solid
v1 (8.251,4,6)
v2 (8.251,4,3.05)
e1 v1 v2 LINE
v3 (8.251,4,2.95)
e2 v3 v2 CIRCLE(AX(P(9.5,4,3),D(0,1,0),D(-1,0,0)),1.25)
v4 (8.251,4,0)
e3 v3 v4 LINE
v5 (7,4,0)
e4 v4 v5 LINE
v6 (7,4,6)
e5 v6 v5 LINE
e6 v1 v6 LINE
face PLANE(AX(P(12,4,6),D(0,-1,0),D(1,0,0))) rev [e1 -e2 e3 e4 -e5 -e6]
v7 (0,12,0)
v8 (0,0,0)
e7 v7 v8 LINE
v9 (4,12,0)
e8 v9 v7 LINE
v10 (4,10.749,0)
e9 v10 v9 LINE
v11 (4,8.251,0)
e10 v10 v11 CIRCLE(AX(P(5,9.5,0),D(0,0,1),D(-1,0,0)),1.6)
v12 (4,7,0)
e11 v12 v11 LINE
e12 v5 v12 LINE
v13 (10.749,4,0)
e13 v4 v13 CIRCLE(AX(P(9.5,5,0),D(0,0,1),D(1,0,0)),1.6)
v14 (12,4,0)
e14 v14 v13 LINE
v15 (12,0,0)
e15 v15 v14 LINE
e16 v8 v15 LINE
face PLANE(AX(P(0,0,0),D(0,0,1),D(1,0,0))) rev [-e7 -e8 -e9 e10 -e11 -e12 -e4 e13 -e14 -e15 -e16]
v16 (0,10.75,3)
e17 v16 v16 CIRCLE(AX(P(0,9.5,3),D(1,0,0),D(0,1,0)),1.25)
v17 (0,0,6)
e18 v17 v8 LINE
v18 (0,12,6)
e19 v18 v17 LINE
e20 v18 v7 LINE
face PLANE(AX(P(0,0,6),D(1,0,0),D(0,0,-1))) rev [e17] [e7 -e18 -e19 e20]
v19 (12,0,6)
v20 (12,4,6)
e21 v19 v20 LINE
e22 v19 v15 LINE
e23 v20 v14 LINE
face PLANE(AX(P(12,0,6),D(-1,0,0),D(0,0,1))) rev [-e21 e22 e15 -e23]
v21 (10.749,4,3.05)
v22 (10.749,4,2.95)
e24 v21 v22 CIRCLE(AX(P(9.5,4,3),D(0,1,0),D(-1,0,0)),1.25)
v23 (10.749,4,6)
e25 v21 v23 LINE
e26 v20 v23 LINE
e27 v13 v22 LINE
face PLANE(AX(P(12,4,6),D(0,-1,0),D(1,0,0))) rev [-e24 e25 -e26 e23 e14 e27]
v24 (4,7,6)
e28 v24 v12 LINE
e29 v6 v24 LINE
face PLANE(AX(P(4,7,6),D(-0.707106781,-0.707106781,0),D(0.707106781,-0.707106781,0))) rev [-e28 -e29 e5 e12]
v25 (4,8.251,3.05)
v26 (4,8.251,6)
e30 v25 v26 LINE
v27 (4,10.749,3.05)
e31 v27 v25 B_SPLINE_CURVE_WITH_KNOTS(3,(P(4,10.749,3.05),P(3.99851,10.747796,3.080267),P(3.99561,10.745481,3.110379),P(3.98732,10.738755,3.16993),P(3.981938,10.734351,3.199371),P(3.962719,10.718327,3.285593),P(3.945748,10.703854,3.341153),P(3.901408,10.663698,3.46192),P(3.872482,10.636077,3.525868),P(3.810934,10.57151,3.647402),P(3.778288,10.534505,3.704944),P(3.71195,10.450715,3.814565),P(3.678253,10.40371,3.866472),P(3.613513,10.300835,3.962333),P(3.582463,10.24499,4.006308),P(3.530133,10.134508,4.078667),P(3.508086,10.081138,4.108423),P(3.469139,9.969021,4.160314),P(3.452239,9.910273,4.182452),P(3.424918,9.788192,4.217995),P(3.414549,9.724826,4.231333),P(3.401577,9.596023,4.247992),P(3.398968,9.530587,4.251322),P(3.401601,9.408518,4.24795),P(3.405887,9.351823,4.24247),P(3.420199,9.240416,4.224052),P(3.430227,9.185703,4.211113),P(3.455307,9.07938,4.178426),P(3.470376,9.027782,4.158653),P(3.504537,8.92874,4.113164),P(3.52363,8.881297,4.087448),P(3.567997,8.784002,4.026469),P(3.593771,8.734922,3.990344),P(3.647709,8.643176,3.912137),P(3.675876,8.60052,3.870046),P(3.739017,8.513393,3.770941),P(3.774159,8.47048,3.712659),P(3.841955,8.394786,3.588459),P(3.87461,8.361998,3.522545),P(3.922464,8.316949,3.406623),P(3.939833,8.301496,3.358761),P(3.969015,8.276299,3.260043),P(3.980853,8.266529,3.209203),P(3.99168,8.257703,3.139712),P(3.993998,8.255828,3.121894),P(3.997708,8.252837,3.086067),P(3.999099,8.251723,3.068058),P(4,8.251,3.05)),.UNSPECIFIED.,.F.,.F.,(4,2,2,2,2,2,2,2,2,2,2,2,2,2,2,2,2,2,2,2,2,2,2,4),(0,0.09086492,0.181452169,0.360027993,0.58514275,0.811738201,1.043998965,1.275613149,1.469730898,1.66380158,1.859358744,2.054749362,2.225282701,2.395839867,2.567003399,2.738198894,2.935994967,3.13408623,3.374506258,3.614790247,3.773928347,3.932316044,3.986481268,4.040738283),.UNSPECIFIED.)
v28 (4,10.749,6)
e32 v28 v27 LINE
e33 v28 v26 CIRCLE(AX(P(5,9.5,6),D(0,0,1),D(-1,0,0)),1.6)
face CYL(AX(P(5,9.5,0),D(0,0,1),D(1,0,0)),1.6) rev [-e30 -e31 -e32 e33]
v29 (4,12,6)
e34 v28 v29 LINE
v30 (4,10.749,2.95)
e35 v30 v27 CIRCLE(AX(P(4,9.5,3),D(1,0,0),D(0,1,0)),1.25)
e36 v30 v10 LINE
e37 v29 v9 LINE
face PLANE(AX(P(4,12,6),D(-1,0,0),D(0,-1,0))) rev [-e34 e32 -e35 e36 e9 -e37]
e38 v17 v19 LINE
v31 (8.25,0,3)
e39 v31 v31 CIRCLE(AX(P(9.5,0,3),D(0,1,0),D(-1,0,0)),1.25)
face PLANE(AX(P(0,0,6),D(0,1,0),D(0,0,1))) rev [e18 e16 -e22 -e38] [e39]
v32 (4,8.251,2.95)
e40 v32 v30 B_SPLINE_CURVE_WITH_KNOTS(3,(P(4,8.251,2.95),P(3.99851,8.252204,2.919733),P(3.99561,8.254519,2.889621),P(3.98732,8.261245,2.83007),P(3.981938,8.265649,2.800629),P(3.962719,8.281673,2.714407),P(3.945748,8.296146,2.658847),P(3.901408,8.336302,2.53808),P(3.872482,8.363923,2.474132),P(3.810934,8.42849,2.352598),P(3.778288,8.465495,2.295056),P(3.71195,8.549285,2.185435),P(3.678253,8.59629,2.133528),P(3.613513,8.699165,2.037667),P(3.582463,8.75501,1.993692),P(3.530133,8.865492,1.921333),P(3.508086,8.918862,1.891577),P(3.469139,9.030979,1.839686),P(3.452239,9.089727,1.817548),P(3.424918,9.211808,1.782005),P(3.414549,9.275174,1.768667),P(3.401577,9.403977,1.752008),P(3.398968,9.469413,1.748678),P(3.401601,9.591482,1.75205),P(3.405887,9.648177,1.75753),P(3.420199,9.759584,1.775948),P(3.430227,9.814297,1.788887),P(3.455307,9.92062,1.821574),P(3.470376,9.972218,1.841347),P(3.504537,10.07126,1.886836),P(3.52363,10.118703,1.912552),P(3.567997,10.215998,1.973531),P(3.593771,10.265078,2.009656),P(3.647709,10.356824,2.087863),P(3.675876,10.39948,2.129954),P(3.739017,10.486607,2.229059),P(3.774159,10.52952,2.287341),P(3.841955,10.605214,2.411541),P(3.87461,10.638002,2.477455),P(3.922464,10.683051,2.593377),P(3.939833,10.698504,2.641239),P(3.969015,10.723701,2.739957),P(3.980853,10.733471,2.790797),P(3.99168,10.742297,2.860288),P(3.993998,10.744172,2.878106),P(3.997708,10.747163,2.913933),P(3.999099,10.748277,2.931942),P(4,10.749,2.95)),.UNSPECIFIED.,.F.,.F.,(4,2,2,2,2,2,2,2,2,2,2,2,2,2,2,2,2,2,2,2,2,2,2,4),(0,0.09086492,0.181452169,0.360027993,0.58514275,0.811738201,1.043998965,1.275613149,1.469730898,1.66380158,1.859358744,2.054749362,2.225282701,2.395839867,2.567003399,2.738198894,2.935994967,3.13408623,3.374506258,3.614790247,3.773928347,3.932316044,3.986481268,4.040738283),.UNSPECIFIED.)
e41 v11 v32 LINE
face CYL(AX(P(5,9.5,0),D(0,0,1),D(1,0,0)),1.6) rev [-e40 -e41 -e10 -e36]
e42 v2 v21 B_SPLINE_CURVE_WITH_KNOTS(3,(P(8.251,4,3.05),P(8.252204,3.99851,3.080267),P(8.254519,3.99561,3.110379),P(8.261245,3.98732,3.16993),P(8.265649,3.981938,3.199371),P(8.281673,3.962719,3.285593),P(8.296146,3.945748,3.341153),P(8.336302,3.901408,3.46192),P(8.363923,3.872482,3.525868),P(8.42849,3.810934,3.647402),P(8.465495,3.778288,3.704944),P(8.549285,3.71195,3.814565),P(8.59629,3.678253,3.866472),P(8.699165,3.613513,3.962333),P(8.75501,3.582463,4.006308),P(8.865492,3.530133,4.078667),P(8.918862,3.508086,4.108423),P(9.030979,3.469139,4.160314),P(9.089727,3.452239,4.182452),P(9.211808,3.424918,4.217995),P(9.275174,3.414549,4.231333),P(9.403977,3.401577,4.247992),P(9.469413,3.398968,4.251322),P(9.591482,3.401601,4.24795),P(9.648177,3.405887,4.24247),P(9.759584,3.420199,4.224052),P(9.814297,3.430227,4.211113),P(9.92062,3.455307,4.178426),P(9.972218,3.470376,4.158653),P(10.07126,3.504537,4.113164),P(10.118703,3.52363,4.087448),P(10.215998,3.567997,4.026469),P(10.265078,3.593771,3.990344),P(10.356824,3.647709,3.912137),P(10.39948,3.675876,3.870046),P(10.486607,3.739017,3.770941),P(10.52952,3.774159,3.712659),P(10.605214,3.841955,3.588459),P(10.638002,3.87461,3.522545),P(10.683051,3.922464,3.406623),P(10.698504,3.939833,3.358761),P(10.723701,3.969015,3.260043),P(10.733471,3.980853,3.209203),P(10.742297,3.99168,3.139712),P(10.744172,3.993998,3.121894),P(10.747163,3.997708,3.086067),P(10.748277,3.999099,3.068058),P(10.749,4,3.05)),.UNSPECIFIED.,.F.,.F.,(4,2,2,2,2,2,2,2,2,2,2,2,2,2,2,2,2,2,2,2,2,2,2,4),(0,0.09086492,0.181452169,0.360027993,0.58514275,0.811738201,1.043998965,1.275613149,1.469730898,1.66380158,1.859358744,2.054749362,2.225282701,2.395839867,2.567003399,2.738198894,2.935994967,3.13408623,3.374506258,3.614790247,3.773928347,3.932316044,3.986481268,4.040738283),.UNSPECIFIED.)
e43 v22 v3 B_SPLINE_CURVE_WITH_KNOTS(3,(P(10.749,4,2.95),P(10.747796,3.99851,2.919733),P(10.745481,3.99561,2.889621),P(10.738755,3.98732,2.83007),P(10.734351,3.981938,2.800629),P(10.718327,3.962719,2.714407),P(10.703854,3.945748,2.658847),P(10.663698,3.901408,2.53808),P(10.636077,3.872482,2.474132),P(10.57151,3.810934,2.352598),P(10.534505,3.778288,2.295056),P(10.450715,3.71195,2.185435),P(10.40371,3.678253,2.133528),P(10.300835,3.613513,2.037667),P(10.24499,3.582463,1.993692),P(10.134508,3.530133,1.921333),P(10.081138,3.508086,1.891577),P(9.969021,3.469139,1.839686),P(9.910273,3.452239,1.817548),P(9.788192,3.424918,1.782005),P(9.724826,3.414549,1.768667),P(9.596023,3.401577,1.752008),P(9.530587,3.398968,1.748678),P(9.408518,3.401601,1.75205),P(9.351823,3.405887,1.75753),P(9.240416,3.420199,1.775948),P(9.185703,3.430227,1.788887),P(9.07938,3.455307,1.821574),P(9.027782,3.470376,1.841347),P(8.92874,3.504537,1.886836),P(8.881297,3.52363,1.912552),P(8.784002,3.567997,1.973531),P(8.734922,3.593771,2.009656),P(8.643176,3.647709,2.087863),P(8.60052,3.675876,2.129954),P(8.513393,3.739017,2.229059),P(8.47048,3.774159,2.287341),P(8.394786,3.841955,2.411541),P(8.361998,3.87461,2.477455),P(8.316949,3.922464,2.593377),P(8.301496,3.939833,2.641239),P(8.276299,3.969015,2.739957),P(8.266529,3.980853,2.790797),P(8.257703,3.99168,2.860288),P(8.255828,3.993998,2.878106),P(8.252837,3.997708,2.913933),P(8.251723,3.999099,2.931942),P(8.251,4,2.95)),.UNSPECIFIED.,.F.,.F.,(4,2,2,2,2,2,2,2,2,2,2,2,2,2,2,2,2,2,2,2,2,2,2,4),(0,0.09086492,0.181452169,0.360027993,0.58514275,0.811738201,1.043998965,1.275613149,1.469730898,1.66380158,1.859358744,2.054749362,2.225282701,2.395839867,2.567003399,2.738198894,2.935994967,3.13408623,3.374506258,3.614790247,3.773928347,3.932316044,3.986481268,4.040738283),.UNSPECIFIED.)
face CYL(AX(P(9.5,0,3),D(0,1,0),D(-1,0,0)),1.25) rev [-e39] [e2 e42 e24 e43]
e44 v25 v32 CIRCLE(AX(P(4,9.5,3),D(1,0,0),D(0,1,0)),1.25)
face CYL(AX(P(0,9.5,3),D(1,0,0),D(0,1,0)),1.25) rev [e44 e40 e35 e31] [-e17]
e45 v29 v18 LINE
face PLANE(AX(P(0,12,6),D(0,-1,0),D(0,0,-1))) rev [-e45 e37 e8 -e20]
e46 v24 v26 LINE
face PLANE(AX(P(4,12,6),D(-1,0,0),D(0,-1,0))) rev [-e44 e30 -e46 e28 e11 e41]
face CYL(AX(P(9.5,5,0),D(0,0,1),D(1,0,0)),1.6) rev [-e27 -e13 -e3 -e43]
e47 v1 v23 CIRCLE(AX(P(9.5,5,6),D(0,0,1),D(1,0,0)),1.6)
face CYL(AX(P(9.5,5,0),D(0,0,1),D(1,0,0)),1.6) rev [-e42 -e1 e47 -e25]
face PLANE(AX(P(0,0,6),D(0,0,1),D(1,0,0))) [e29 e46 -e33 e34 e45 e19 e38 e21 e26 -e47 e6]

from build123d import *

# Parameters (mm, degrees)
SALIENTE_EXTRUIR1_DEPTH = 6
CROQUIS3_R              = 1.25
CORTAR_EXTRUIR1_DEPTH   = 4
CROQUIS4_R              = 1.25
CORTAR_EXTRUIR2_DEPTH   = 4
CROQUIS5_R              = 1.6
CORTAR_EXTRUIR3_DEPTH   = 6


with BuildPart() as part:
    # Croquis1 → Saliente-Extruir1 (new body)
    with BuildSketch(Plane.XY):
        Polygon((0, 0), (0, 12), (4, 12), (4, 7), (7, 4), (12, 4), (12, 0), align=None)
    extrude(amount=SALIENTE_EXTRUIR1_DEPTH)

    # Croquis3 → Cortar-Extruir1 (cut)
    with BuildSketch(Plane(origin=(0, 4, 0), x_dir=(1, 0, 0), z_dir=(0, 1, 0))):
        with Locations(Location((9.5, -3, 0), (0, 0, 180))):
            Circle(CROQUIS3_R)
    extrude(amount=-CORTAR_EXTRUIR1_DEPTH, mode=Mode.SUBTRACT)

    # Croquis4 → Cortar-Extruir2 (cut)
    with BuildSketch(Plane(origin=(4, 0, 0), x_dir=(0, 0, -1), z_dir=(1, 0, 0))):
        with Locations(Location((-3, 9.5, 0), (0, 0, 90))):
            Circle(CROQUIS4_R)
    extrude(amount=-CORTAR_EXTRUIR2_DEPTH, mode=Mode.SUBTRACT)

    # Croquis5 → Cortar-Extruir3 (cut)
    with BuildSketch(Plane.XY.offset(6)):
        with Locations((9.5, 5)):
            Circle(CROQUIS5_R)
        with Locations((5, 9.5)):
            Circle(CROQUIS5_R)
    extrude(amount=-CORTAR_EXTRUIR3_DEPTH, mode=Mode.SUBTRACT)


solid = part.part
